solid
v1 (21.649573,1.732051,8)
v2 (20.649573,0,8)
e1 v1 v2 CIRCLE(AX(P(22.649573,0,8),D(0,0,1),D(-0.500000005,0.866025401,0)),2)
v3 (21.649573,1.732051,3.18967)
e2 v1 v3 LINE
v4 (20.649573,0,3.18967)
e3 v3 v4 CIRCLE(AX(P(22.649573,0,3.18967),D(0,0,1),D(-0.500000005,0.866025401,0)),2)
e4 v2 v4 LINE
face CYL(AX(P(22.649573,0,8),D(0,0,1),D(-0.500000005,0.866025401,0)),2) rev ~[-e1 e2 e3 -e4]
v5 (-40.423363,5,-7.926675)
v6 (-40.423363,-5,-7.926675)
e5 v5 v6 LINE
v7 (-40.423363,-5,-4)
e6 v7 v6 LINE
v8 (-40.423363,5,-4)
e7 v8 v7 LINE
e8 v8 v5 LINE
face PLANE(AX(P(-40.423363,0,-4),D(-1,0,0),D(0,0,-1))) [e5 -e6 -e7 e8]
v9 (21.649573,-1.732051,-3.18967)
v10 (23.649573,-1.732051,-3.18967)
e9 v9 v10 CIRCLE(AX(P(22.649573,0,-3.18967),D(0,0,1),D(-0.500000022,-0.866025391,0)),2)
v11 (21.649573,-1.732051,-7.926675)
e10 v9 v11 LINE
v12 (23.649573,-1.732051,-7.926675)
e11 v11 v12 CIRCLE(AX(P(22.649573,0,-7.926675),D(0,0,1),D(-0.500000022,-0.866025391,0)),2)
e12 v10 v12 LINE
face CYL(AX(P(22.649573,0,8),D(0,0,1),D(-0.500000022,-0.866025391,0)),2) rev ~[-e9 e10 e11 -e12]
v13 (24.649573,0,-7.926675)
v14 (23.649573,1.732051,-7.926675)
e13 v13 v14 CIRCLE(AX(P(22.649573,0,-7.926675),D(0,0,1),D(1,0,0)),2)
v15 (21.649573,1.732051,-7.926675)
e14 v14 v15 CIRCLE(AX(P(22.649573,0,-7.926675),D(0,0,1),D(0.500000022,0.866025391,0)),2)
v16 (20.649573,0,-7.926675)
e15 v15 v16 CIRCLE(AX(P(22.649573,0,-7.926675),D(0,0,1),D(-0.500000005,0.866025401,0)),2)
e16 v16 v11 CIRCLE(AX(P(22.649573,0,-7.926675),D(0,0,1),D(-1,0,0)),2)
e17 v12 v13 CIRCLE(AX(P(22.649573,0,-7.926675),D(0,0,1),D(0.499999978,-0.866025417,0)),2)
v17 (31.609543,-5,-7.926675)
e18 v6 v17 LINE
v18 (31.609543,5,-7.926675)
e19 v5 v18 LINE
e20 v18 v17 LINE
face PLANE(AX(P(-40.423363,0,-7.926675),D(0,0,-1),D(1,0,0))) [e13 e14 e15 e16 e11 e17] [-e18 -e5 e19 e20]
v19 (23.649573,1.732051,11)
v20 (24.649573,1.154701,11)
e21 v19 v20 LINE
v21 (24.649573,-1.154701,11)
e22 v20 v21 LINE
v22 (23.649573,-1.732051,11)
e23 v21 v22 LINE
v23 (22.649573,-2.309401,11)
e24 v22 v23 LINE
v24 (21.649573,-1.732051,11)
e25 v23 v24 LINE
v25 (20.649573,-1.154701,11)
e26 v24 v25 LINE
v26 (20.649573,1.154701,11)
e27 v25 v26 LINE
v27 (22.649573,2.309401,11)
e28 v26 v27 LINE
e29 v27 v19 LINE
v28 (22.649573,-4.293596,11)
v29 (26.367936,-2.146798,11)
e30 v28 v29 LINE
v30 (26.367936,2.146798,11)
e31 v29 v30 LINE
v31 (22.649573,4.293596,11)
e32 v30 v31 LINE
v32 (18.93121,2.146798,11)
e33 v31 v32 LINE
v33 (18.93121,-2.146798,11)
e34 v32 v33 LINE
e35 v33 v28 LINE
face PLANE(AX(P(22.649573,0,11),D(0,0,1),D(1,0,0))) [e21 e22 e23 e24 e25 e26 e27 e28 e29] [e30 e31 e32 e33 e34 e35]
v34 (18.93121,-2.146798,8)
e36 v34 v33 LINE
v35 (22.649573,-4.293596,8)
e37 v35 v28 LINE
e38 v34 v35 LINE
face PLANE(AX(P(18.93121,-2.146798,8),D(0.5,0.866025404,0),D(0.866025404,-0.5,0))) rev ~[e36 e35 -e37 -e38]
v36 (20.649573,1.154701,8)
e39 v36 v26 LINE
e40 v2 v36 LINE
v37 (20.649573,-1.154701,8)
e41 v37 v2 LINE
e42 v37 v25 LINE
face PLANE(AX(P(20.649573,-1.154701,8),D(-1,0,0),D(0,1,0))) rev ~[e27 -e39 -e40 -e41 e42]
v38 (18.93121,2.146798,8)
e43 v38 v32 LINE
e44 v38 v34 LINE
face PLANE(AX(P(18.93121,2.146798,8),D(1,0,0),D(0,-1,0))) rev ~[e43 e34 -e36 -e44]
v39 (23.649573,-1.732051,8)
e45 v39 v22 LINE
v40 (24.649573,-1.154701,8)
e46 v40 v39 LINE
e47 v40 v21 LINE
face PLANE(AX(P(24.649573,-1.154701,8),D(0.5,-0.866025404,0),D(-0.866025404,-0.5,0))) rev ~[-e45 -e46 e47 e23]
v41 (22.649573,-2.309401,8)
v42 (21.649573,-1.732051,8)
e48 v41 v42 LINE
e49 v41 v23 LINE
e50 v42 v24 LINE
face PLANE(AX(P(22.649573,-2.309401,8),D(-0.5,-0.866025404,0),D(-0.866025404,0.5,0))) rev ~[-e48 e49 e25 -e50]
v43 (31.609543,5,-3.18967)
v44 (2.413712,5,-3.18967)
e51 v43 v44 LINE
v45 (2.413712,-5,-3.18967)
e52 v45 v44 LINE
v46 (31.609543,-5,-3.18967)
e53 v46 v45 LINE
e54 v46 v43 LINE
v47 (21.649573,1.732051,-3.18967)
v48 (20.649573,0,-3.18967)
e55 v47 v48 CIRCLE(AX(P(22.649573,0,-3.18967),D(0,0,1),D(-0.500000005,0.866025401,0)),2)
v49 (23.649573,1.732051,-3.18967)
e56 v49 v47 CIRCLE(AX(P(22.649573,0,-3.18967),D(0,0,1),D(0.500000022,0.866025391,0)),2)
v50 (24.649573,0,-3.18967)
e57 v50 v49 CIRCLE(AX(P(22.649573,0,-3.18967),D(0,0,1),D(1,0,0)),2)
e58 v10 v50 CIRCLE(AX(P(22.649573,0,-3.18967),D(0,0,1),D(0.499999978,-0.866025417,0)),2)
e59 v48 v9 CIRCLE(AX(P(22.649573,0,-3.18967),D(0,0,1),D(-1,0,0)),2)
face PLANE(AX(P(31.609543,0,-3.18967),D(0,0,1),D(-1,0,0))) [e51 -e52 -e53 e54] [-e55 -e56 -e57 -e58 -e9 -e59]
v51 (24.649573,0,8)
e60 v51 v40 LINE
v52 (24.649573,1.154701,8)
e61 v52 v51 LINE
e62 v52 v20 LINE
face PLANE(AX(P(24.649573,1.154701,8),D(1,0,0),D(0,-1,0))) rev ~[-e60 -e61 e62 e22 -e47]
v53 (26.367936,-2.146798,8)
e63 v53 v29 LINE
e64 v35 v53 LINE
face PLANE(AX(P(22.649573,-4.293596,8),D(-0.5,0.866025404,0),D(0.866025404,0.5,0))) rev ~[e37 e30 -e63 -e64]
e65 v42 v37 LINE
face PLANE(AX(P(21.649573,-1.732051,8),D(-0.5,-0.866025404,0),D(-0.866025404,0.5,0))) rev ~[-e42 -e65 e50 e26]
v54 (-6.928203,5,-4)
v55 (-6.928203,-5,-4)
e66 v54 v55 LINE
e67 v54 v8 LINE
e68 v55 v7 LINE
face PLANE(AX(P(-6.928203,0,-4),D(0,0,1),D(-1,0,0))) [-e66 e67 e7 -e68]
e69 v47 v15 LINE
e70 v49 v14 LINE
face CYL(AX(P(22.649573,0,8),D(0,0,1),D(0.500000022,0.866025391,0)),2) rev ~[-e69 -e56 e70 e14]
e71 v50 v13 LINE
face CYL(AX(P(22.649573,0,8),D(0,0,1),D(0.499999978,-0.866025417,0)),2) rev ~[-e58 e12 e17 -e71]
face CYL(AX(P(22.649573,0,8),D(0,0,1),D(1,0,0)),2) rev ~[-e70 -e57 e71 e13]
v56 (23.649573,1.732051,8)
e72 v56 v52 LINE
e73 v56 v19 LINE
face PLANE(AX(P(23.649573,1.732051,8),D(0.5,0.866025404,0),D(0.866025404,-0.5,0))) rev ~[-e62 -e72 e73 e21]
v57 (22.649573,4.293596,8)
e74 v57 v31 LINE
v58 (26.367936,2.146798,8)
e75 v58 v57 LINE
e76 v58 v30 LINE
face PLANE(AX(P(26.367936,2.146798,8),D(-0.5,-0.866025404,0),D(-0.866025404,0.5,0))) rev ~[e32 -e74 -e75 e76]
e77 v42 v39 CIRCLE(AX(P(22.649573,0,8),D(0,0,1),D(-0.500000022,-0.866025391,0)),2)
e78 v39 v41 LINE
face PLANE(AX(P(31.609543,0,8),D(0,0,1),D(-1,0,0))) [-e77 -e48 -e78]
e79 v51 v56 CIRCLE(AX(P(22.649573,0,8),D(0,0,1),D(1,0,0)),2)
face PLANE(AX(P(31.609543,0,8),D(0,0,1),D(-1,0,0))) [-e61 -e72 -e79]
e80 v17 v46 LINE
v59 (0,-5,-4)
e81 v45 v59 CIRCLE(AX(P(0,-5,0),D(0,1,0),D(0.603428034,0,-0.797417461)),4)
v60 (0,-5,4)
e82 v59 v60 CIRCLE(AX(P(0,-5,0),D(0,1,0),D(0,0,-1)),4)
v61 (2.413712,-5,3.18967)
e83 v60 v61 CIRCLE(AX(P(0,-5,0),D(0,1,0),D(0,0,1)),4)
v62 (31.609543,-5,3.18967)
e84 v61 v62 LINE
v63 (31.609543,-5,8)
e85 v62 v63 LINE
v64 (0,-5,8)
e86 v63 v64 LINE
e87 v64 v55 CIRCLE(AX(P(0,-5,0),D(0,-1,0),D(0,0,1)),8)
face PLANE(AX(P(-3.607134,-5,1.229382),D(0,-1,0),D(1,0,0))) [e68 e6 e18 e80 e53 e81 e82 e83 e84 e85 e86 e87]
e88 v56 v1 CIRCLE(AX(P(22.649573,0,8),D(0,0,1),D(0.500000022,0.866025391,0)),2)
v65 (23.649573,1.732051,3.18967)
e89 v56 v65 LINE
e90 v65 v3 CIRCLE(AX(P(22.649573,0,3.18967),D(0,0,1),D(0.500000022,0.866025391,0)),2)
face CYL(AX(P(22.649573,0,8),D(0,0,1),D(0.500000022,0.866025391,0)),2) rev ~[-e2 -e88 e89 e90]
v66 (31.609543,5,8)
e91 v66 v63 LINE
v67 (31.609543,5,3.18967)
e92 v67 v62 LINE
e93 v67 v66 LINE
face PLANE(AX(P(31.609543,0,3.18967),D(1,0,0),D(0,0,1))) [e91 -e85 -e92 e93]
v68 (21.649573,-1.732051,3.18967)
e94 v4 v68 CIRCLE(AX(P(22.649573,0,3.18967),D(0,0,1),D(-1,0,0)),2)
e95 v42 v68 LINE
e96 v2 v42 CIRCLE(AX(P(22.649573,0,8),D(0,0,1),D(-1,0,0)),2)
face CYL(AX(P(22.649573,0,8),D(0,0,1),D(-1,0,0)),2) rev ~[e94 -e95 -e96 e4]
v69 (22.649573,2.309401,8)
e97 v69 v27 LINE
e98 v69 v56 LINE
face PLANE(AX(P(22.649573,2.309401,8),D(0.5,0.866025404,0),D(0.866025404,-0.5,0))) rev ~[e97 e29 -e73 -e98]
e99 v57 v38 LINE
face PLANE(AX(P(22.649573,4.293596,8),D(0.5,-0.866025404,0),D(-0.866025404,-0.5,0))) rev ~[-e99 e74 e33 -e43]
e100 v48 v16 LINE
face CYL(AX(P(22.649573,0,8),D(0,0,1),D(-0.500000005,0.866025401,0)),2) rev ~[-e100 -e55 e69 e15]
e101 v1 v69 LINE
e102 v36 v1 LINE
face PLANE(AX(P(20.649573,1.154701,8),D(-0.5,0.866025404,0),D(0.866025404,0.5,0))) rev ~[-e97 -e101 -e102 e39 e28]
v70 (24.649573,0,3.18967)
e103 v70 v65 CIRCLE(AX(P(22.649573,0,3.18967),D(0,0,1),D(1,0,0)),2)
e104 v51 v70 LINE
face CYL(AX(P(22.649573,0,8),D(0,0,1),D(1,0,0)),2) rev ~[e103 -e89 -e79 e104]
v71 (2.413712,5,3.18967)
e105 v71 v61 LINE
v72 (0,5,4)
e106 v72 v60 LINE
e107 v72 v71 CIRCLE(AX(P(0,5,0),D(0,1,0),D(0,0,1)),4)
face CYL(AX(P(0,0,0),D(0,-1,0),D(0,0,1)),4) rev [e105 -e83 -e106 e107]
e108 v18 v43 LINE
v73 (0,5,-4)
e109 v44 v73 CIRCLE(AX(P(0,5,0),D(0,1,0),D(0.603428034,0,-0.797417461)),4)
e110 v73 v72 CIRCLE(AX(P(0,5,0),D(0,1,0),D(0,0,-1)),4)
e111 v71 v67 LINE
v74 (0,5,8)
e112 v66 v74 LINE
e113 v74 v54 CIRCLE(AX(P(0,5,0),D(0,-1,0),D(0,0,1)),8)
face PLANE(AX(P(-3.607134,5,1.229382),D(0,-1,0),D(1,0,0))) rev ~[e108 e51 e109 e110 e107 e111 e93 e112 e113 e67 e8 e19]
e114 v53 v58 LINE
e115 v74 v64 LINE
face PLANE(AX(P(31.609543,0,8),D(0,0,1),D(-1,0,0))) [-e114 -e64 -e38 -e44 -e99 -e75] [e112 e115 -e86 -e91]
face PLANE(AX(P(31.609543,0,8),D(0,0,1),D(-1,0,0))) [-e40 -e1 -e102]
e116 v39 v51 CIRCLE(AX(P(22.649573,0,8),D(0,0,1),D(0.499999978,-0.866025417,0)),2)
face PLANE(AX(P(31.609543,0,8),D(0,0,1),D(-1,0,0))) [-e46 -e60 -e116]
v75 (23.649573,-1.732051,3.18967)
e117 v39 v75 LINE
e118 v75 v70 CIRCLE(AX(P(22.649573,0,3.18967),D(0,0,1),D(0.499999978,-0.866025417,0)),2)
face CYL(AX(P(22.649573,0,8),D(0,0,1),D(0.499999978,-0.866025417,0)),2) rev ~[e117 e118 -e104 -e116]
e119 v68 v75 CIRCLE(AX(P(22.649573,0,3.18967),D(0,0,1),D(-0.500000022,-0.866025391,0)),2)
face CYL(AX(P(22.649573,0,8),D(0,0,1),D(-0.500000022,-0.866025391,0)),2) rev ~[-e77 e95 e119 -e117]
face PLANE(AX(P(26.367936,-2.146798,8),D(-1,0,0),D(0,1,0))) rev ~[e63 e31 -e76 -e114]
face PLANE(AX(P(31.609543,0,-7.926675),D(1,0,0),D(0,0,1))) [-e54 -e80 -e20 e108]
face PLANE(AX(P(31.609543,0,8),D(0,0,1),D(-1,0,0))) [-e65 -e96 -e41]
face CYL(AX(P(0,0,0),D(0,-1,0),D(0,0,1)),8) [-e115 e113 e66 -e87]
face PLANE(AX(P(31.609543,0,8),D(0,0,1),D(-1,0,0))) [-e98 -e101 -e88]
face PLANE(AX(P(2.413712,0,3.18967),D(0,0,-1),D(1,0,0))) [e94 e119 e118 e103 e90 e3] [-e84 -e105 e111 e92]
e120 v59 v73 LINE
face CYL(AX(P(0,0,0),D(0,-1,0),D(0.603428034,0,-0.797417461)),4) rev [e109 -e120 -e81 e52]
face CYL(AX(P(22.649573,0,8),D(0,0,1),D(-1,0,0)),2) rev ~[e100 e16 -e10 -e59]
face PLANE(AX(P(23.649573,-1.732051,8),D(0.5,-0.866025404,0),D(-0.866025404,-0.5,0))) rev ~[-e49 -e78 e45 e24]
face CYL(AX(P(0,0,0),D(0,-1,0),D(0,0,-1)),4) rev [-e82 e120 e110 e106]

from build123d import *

# Parameters (mm, degrees)
F1_DEPTH = 5
F3_DEPTH = 3
F4_DEPTH = 16


with BuildPart() as f1:
    # F0 (on Front) → F1 (new body, symmetric)
    with BuildSketch(Plane.XZ):
        with BuildLine():
            ThreePointArc((0, -4), (-4, 0), (0, 4))
            Line((0, 4), (0, 8))
            ThreePointArc((0, 8), (-6.9282032303, 4), (-6.9282032303, -4))
            Line((-6.9282032303, -4), (0, -4))
        make_face()
        with BuildLine():
            Line((31.6095426679, 8), (0, 8))
            ThreePointArc((0, 8), (4, 6.9282032303), (6.9282032303, 4))
            Line((6.9282032303, 4), (31.6095426679, 4))
            Line((31.6095426679, 4), (31.6095426679, 8))
        make_face()
        with BuildLine():
            Line((0, 8), (0, 4))
            Line((0, 4), (2.413712136, 4))
            Line((2.413712136, 4), (6.9282032303, 4))
            ThreePointArc((6.9282032303, 4), (4, 6.9282032303), (0, 8))
        make_face()
        with BuildLine():
            Line((31.6095426679, -4), (6.9282032303, -4))
            ThreePointArc((6.9282032303, -4), (4.4598401279, -6.6415228701), (1.0806620306, -7.9266745597))
            Line((1.0806620306, -7.9266745597), (31.6095426679, -7.9266745597))
            Line((31.6095426679, -7.9266745597), (31.6095426679, -4))
        make_face()
        with BuildLine():
            ThreePointArc((-1.0806620306, -7.9266745597), (-4.4598401279, -6.6415228701), (-6.9282032303, -4))
            Line((-6.9282032303, -4), (-40.4233634472, -4))
            Line((-40.4233634472, -4), (-40.4233634472, -7.9266745597))
            Line((-40.4233634472, -7.9266745597), (-1.0806620306, -7.9266745597))
        make_face()
        with BuildLine():
            Line((0, -7.9266745597), (0, -4))
            Line((0, -4), (-6.9282032303, -4))
            ThreePointArc((-6.9282032303, -4), (-4.4598401279, -6.6415228701), (-1.0806620306, -7.9266745597))
            Line((-1.0806620306, -7.9266745597), (0, -7.9266745597))
        make_face()
        with BuildLine():
            Line((2.413712136, -4), (0, -4))
            Line((0, -4), (0, -7.9266745597))
            Line((0, -7.9266745597), (1.0806620306, -7.9266745597))
            ThreePointArc((1.0806620306, -7.9266745597), (4.4598401279, -6.6415228701), (6.9282032303, -4))
            Line((6.9282032303, -4), (2.413712136, -4))
        make_face()
        with BuildLine():
            Line((2.413712136, 4), (2.413712136, 3.1896698457))
            Line((2.413712136, 3.1896698457), (7.3366209031, 3.1896698457))
            ThreePointArc((7.3366209031, 3.1896698457), (7.1439107377, 3.6006304131), (6.9282032303, 4))
            Line((6.9282032303, 4), (2.413712136, 4))
        make_face()
        with BuildLine():
            ThreePointArc((6.9282032303, 4), (7.1439107377, 3.6006304131), (7.3366209031, 3.1896698457))
            Line((7.3366209031, 3.1896698457), (31.6095426679, 3.1896698457))
            Line((31.6095426679, 3.1896698457), (31.6095426679, 4))
            Line((31.6095426679, 4), (6.9282032303, 4))
        make_face()
        with BuildLine():
            Line((7.3366209031, -3.1896698457), (2.413712136, -3.1896698457))
            Line((2.413712136, -3.1896698457), (2.413712136, -4))
            Line((2.413712136, -4), (6.9282032303, -4))
            ThreePointArc((6.9282032303, -4), (7.1439107377, -3.6006304131), (7.3366209031, -3.1896698457))
        make_face()
        with BuildLine():
            Line((2.413712136, -4), (2.413712136, -3.1896698457))
            ThreePointArc((2.413712136, -3.1896698457), (1.2730515734, -3.7920099804), (0, -4))
            Line((0, -4), (2.413712136, -4))
        make_face()
        with BuildLine():
            ThreePointArc((0, 4), (1.2730515734, 3.7920099804), (2.413712136, 3.1896698457))
            Line((2.413712136, 3.1896698457), (2.413712136, 4))
            Line((2.413712136, 4), (0, 4))
        make_face()
        with BuildLine():
            Line((31.6095426679, -3.1896698457), (7.3366209031, -3.1896698457))
            ThreePointArc((7.3366209031, -3.1896698457), (7.1439107377, -3.6006304131), (6.9282032303, -4))
            Line((6.9282032303, -4), (31.6095426679, -4))
            Line((31.6095426679, -4), (31.6095426679, -3.1896698457))
        make_face()
    extrude(amount=F1_DEPTH, both=True)

    # F2 (on face) → F3 (join)
    with BuildSketch(Plane.XY.offset(8)):
        Polygon((26.3679362833, -2.1467979489), (26.3679362833, 2.1467979489), (22.6495731622, 4.2935958979), (18.931210041, 2.1467979489), (18.931210041, -2.1467979489), (22.6495731622, -4.2935958979), align=None)
        Polygon((23.6495732055, 1.7320507826), (24.6495731622, 1.1547005384), (24.6495731622, 0), (24.6495731622, -1.1547005384), (23.6495731174, -1.7320508334), (22.6495731622, -2.3094010768), (21.6495731189, -1.7320507826), (20.6495731622, -1.1547005384), (20.6495731622, 0), (20.6495731622, 1.1547005384), (21.6495731525, 1.732050802), (22.6495731622, 2.3094010768), align=None, mode=Mode.SUBTRACT)
    extrude(amount=F3_DEPTH)

    # F2 (on face) → F4 (cut)
    with BuildSketch(Plane.XY.offset(8)):
        with BuildLine():
            ThreePointArc((23.6495731174, -1.7320508334), (24.3816239568, -1.0000000224), (24.6495731622, 0))
            ThreePointArc((24.6495731622, 0), (24.3816239823, 0.9999999783), (23.6495732055, 1.7320507826))
            ThreePointArc((23.6495732055, 1.7320507826), (22.6495731816, 2), (21.6495731525, 1.732050802))
            ThreePointArc((21.6495731525, 1.732050802), (20.9175223518, 0.9999999952), (20.6495731622, 0))
            ThreePointArc((20.6495731622, 0), (20.9175223421, -0.9999999783), (21.6495731189, -1.7320507826))
            ThreePointArc((21.6495731189, -1.7320507826), (22.6495731113, -2), (23.6495731174, -1.7320508334))
        make_face()
    extrude(amount=-F4_DEPTH, mode=Mode.SUBTRACT)


solid = f1.part
